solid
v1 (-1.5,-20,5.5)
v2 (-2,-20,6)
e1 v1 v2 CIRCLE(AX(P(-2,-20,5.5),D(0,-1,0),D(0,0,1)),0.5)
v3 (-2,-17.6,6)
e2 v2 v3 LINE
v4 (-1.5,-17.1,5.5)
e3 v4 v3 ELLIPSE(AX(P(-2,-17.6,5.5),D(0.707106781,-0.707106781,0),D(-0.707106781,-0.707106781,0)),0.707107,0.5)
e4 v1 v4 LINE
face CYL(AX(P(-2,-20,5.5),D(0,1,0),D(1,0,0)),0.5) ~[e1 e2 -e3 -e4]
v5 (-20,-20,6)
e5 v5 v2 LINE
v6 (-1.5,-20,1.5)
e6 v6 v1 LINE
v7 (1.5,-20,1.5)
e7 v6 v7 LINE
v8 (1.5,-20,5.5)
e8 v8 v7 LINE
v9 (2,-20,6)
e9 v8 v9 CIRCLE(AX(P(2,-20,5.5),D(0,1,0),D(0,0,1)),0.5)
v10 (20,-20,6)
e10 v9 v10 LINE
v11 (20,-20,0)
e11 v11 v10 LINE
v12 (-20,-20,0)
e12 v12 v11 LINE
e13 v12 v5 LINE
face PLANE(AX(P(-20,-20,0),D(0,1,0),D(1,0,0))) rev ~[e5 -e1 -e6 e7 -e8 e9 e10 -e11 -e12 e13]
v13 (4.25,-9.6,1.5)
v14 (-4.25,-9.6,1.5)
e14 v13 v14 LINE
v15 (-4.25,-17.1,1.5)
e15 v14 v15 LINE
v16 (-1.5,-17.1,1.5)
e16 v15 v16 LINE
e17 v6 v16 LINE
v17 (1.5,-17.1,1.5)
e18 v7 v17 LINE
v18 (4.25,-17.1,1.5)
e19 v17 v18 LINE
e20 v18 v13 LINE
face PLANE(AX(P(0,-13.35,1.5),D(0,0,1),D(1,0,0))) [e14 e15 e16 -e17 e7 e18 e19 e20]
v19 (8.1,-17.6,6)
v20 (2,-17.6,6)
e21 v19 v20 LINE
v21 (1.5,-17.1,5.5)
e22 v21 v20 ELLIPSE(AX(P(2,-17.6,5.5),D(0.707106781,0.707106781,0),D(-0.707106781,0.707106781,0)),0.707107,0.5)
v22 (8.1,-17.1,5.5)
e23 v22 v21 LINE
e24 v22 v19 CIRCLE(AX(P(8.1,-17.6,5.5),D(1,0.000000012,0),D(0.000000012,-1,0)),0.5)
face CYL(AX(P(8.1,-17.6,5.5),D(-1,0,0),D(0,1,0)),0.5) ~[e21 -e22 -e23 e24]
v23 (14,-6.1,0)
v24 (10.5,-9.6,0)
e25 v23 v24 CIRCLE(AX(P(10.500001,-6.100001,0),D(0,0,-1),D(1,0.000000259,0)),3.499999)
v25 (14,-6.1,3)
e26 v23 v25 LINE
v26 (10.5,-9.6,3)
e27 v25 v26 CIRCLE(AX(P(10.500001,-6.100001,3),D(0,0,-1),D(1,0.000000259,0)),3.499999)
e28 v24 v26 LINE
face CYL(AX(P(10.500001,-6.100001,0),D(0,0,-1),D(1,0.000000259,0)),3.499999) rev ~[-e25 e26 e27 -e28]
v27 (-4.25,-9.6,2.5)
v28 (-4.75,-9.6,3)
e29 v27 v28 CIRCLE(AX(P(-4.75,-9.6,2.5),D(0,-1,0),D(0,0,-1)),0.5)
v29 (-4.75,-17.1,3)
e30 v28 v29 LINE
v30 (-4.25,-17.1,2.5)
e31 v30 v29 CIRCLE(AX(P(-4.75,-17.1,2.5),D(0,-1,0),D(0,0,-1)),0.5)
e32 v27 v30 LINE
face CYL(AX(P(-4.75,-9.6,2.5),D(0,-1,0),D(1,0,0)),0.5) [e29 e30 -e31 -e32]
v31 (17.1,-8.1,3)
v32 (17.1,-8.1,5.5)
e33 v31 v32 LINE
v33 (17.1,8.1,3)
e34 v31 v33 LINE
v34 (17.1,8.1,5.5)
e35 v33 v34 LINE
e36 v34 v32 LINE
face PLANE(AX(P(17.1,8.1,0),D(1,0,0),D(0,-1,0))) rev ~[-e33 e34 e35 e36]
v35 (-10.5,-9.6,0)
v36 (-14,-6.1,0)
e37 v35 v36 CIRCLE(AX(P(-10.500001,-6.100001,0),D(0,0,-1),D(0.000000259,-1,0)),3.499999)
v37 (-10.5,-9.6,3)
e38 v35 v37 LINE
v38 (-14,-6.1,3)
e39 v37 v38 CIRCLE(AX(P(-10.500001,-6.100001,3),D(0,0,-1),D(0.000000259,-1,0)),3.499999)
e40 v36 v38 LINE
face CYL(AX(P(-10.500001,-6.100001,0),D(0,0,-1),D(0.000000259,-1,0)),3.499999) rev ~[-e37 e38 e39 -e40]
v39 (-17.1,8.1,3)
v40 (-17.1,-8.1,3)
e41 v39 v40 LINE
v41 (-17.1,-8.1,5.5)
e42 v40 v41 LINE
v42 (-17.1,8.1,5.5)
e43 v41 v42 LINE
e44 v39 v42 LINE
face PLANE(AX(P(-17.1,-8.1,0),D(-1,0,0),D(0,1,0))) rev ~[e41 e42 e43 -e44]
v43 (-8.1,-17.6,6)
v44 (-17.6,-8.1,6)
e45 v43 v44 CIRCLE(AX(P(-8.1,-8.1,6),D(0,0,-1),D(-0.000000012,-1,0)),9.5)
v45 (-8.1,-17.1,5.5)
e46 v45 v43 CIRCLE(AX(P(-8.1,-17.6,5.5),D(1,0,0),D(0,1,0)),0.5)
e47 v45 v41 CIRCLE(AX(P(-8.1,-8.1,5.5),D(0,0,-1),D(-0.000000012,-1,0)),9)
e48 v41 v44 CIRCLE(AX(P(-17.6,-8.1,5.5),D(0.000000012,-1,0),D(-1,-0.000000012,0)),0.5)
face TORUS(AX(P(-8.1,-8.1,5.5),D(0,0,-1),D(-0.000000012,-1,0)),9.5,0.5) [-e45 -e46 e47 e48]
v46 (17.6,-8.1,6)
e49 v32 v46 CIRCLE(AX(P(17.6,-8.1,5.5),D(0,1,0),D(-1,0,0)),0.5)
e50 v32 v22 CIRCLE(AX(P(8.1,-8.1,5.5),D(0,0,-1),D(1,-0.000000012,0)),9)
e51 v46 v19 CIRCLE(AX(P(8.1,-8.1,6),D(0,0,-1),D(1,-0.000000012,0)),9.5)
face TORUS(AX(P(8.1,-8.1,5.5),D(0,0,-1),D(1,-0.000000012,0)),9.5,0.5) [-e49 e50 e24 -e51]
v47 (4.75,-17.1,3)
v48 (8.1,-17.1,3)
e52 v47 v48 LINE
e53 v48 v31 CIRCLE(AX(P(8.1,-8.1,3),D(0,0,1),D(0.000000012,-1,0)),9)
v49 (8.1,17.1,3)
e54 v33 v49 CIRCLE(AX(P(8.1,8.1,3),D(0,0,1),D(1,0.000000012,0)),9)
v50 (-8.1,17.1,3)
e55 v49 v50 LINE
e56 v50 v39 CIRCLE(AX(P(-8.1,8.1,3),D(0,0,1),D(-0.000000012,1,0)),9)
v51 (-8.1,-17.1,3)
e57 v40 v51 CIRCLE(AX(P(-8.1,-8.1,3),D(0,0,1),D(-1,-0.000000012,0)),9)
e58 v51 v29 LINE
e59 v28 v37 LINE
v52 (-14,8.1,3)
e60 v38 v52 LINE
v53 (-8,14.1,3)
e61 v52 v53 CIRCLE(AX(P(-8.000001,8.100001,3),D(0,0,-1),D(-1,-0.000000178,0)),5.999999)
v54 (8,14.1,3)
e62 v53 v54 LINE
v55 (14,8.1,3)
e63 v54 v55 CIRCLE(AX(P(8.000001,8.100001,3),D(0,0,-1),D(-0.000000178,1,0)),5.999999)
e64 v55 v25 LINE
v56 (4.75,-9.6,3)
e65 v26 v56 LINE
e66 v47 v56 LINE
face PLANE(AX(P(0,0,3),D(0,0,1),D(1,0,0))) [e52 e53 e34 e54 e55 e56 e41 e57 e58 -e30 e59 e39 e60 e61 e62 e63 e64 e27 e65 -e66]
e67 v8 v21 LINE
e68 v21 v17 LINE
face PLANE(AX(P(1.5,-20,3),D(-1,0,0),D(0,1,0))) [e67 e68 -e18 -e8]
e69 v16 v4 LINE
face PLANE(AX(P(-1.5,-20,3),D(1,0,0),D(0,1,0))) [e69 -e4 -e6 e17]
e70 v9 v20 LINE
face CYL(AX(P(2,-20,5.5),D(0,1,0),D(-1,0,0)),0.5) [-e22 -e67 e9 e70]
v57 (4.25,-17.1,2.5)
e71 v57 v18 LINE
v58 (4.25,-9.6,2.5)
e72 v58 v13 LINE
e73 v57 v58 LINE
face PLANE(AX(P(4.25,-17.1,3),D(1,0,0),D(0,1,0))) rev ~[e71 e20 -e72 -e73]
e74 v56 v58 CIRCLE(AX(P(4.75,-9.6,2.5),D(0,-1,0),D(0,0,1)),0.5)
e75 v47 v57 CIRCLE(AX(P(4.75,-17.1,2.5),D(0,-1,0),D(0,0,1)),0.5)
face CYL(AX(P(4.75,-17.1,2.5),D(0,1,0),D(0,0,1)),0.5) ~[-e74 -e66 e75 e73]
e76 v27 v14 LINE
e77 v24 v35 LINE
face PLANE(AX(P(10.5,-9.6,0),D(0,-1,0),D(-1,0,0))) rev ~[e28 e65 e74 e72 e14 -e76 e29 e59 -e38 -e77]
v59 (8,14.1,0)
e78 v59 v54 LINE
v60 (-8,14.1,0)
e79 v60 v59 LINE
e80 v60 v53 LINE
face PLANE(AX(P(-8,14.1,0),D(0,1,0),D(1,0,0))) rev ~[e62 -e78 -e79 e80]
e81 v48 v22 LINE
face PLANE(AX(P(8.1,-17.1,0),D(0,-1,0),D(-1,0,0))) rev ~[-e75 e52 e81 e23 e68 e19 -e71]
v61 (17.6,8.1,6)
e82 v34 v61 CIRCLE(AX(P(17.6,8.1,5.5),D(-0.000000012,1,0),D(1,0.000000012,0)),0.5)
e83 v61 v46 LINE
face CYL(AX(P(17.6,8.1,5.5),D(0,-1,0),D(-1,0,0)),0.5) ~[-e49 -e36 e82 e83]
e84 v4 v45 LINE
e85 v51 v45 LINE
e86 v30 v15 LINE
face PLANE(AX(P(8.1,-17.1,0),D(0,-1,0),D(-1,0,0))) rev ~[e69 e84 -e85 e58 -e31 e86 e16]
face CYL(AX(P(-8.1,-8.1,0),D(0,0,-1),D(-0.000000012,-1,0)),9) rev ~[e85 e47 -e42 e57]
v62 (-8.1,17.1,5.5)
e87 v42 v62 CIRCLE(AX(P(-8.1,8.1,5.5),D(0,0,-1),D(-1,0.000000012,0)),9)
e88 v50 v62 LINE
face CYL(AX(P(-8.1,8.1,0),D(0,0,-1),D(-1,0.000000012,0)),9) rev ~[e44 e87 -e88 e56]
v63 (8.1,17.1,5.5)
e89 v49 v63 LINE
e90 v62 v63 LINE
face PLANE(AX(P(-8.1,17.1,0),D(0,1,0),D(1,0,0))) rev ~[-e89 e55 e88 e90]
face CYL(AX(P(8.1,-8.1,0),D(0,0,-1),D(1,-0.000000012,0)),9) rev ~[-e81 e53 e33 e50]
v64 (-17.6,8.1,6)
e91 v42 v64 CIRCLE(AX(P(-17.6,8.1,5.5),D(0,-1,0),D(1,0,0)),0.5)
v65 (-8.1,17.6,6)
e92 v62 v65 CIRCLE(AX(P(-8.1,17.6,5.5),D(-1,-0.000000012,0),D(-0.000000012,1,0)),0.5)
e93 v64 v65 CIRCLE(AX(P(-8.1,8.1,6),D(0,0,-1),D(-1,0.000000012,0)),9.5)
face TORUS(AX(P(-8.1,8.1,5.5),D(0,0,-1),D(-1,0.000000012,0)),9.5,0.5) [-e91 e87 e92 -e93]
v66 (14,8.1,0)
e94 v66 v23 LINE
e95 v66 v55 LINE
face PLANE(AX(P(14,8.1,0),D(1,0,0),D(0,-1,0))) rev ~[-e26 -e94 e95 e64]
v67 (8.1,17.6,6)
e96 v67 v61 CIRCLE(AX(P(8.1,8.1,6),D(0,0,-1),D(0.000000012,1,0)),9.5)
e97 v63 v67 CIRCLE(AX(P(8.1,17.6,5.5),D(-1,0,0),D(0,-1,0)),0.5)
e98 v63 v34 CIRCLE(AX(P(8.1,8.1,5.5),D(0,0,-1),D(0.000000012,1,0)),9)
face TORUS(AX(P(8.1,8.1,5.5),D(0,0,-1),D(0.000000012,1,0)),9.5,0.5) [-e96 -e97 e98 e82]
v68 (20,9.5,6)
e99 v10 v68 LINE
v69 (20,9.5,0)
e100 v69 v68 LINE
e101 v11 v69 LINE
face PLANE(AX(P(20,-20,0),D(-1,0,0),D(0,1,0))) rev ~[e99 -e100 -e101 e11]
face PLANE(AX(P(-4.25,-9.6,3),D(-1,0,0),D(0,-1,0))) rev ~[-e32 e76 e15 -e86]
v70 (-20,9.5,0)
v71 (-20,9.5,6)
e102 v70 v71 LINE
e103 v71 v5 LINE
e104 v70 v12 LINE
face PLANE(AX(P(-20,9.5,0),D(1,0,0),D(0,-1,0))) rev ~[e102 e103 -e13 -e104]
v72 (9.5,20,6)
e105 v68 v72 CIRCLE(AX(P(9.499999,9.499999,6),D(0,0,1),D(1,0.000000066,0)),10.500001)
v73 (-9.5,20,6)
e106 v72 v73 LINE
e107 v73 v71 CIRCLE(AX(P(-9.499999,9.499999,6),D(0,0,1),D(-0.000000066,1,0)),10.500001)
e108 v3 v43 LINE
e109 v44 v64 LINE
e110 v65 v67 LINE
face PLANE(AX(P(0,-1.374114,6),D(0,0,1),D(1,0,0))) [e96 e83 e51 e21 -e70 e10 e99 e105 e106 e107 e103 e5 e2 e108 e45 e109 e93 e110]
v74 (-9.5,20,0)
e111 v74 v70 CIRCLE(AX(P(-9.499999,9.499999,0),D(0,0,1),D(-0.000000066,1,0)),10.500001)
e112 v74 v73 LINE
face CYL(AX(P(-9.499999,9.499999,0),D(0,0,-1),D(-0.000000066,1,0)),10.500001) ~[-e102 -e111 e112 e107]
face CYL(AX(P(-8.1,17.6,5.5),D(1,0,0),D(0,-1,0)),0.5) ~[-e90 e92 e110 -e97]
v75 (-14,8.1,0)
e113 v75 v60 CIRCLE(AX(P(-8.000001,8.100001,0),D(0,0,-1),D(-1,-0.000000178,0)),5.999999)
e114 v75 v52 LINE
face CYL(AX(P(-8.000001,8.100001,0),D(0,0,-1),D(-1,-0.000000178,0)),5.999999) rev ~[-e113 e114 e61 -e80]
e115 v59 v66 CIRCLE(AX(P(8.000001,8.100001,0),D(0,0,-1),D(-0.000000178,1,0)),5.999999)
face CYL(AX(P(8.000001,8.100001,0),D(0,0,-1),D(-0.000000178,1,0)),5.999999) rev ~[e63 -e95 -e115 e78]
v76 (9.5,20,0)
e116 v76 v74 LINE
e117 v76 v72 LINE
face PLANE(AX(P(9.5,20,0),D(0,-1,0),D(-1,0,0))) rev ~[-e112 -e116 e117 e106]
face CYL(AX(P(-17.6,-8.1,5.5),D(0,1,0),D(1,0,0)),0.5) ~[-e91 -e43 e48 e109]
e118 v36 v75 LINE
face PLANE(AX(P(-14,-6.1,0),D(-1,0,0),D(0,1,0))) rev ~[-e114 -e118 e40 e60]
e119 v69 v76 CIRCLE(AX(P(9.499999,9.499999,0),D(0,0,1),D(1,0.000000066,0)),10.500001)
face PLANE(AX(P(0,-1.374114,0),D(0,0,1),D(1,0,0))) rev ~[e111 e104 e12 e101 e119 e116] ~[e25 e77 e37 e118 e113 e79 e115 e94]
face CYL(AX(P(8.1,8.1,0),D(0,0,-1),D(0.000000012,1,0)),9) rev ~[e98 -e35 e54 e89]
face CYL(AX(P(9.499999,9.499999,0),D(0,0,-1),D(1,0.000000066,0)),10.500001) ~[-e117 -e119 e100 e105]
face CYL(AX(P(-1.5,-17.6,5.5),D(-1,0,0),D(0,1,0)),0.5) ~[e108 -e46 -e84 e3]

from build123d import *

# Parameters (mm, degrees)
F1_DEPTH = 3
F2_DEPTH = 6
F3_W     = 3
F3_H     = 2.9
F4_DEPTH = 1.5
F5_DEPTH = 3
F6_R     = 0.5


with BuildPart() as f1:
    # F0 (on Top) → F1 (new body)
    with BuildSketch(Plane.XY):
        with BuildLine():
            Line((-8.1, -17.1), (8.1, -17.1))
            ThreePointArc((8.1, -17.1), (14.463961, -14.463961), (17.1, -8.1))
            Line((17.1, -8.1), (17.1, 8.1))
            ThreePointArc((17.1, 8.1), (14.463961, 14.463961), (8.1, 17.1))
            Line((8.1, 17.1), (-8.1, 17.1))
            ThreePointArc((-8.1, 17.1), (-14.463961, 14.463961), (-17.1, 8.1))
            Line((-17.1, 8.1), (-17.1, -8.1))
            ThreePointArc((-17.1, -8.1), (-14.463961, -14.463961), (-8.1, -17.1))
        make_face()
        with BuildLine():
            ThreePointArc((14, -6.1), (12.974874, -8.574874), (10.5, -9.6))
            Line((10.5, -9.6), (-10.5, -9.6))
            ThreePointArc((-10.5, -9.6), (-12.974874, -8.574874), (-14, -6.1))
            Line((-14, -6.1), (-14, 0))
            Line((-14, 0), (-14, 8.1))
            ThreePointArc((-14, 8.1), (-12.242641, 12.342641), (-8, 14.1))
            Line((-8, 14.1), (8, 14.1))
            ThreePointArc((8, 14.1), (12.242641, 12.342641), (14, 8.1))
            Line((14, 8.1), (14, 0))
            Line((14, 0), (14, -6.1))
        make_face(mode=Mode.SUBTRACT)
    extrude(amount=F1_DEPTH)

    # F0 (on Top) → F2 (join)
    with BuildSketch(Plane.XY):
        with BuildLine():
            Line((-20, -20), (20, -20))
            Line((20, -20), (20, 9.5))
            ThreePointArc((20, 9.5), (16.924621, 16.924621), (9.5, 20))
            Line((9.5, 20), (-9.5, 20))
            ThreePointArc((-9.5, 20), (-16.924621, 16.924621), (-20, 9.5))
            Line((-20, 9.5), (-20, -20))
        make_face()
        with BuildLine():
            ThreePointArc((17.1, -8.1), (14.463961, -14.463961), (8.1, -17.1))
            Line((8.1, -17.1), (-8.1, -17.1))
            ThreePointArc((-8.1, -17.1), (-14.463961, -14.463961), (-17.1, -8.1))
            Line((-17.1, -8.1), (-17.1, 8.1))
            ThreePointArc((-17.1, 8.1), (-14.463961, 14.463961), (-8.1, 17.1))
            Line((-8.1, 17.1), (8.1, 17.1))
            ThreePointArc((8.1, 17.1), (14.463961, 14.463961), (17.1, 8.1))
            Line((17.1, 8.1), (17.1, -8.1))
        make_face(mode=Mode.SUBTRACT)
    extrude(amount=F2_DEPTH)

    # F3 (on face) → F4 (cut)
    with BuildSketch(Plane.XY.offset(3)):
        Polygon((1.5, -17.1), (4.25, -17.1), (4.25, -9.6), (-4.25, -9.6), (-4.25, -17.1), (-1.5, -17.1), align=None)
        with Locations((0, -18.55)):
            Rectangle(F3_W, F3_H)
    extrude(amount=-F4_DEPTH, mode=Mode.SUBTRACT)

    # F3 (on face) → F5 (cut, through all)
    with BuildSketch(Plane.XY.offset(3)):
        with Locations((0, -18.55)):
            Rectangle(F3_W, F3_H)
    extrude(amount=F5_DEPTH, mode=Mode.SUBTRACT)

    # F6
    f6_edges = [f1.edges().sort_by_distance(p)[0] for p in [
        (-14.463961, 14.463961, 6),
        (-1.5, -18.55, 6),
        (1.5, -18.55, 6),
        (-4.25, -13.35, 3),
        (4.25, -13.35, 3),
    ]]
    fillet(f6_edges, radius=F6_R)


solid = f1.part
